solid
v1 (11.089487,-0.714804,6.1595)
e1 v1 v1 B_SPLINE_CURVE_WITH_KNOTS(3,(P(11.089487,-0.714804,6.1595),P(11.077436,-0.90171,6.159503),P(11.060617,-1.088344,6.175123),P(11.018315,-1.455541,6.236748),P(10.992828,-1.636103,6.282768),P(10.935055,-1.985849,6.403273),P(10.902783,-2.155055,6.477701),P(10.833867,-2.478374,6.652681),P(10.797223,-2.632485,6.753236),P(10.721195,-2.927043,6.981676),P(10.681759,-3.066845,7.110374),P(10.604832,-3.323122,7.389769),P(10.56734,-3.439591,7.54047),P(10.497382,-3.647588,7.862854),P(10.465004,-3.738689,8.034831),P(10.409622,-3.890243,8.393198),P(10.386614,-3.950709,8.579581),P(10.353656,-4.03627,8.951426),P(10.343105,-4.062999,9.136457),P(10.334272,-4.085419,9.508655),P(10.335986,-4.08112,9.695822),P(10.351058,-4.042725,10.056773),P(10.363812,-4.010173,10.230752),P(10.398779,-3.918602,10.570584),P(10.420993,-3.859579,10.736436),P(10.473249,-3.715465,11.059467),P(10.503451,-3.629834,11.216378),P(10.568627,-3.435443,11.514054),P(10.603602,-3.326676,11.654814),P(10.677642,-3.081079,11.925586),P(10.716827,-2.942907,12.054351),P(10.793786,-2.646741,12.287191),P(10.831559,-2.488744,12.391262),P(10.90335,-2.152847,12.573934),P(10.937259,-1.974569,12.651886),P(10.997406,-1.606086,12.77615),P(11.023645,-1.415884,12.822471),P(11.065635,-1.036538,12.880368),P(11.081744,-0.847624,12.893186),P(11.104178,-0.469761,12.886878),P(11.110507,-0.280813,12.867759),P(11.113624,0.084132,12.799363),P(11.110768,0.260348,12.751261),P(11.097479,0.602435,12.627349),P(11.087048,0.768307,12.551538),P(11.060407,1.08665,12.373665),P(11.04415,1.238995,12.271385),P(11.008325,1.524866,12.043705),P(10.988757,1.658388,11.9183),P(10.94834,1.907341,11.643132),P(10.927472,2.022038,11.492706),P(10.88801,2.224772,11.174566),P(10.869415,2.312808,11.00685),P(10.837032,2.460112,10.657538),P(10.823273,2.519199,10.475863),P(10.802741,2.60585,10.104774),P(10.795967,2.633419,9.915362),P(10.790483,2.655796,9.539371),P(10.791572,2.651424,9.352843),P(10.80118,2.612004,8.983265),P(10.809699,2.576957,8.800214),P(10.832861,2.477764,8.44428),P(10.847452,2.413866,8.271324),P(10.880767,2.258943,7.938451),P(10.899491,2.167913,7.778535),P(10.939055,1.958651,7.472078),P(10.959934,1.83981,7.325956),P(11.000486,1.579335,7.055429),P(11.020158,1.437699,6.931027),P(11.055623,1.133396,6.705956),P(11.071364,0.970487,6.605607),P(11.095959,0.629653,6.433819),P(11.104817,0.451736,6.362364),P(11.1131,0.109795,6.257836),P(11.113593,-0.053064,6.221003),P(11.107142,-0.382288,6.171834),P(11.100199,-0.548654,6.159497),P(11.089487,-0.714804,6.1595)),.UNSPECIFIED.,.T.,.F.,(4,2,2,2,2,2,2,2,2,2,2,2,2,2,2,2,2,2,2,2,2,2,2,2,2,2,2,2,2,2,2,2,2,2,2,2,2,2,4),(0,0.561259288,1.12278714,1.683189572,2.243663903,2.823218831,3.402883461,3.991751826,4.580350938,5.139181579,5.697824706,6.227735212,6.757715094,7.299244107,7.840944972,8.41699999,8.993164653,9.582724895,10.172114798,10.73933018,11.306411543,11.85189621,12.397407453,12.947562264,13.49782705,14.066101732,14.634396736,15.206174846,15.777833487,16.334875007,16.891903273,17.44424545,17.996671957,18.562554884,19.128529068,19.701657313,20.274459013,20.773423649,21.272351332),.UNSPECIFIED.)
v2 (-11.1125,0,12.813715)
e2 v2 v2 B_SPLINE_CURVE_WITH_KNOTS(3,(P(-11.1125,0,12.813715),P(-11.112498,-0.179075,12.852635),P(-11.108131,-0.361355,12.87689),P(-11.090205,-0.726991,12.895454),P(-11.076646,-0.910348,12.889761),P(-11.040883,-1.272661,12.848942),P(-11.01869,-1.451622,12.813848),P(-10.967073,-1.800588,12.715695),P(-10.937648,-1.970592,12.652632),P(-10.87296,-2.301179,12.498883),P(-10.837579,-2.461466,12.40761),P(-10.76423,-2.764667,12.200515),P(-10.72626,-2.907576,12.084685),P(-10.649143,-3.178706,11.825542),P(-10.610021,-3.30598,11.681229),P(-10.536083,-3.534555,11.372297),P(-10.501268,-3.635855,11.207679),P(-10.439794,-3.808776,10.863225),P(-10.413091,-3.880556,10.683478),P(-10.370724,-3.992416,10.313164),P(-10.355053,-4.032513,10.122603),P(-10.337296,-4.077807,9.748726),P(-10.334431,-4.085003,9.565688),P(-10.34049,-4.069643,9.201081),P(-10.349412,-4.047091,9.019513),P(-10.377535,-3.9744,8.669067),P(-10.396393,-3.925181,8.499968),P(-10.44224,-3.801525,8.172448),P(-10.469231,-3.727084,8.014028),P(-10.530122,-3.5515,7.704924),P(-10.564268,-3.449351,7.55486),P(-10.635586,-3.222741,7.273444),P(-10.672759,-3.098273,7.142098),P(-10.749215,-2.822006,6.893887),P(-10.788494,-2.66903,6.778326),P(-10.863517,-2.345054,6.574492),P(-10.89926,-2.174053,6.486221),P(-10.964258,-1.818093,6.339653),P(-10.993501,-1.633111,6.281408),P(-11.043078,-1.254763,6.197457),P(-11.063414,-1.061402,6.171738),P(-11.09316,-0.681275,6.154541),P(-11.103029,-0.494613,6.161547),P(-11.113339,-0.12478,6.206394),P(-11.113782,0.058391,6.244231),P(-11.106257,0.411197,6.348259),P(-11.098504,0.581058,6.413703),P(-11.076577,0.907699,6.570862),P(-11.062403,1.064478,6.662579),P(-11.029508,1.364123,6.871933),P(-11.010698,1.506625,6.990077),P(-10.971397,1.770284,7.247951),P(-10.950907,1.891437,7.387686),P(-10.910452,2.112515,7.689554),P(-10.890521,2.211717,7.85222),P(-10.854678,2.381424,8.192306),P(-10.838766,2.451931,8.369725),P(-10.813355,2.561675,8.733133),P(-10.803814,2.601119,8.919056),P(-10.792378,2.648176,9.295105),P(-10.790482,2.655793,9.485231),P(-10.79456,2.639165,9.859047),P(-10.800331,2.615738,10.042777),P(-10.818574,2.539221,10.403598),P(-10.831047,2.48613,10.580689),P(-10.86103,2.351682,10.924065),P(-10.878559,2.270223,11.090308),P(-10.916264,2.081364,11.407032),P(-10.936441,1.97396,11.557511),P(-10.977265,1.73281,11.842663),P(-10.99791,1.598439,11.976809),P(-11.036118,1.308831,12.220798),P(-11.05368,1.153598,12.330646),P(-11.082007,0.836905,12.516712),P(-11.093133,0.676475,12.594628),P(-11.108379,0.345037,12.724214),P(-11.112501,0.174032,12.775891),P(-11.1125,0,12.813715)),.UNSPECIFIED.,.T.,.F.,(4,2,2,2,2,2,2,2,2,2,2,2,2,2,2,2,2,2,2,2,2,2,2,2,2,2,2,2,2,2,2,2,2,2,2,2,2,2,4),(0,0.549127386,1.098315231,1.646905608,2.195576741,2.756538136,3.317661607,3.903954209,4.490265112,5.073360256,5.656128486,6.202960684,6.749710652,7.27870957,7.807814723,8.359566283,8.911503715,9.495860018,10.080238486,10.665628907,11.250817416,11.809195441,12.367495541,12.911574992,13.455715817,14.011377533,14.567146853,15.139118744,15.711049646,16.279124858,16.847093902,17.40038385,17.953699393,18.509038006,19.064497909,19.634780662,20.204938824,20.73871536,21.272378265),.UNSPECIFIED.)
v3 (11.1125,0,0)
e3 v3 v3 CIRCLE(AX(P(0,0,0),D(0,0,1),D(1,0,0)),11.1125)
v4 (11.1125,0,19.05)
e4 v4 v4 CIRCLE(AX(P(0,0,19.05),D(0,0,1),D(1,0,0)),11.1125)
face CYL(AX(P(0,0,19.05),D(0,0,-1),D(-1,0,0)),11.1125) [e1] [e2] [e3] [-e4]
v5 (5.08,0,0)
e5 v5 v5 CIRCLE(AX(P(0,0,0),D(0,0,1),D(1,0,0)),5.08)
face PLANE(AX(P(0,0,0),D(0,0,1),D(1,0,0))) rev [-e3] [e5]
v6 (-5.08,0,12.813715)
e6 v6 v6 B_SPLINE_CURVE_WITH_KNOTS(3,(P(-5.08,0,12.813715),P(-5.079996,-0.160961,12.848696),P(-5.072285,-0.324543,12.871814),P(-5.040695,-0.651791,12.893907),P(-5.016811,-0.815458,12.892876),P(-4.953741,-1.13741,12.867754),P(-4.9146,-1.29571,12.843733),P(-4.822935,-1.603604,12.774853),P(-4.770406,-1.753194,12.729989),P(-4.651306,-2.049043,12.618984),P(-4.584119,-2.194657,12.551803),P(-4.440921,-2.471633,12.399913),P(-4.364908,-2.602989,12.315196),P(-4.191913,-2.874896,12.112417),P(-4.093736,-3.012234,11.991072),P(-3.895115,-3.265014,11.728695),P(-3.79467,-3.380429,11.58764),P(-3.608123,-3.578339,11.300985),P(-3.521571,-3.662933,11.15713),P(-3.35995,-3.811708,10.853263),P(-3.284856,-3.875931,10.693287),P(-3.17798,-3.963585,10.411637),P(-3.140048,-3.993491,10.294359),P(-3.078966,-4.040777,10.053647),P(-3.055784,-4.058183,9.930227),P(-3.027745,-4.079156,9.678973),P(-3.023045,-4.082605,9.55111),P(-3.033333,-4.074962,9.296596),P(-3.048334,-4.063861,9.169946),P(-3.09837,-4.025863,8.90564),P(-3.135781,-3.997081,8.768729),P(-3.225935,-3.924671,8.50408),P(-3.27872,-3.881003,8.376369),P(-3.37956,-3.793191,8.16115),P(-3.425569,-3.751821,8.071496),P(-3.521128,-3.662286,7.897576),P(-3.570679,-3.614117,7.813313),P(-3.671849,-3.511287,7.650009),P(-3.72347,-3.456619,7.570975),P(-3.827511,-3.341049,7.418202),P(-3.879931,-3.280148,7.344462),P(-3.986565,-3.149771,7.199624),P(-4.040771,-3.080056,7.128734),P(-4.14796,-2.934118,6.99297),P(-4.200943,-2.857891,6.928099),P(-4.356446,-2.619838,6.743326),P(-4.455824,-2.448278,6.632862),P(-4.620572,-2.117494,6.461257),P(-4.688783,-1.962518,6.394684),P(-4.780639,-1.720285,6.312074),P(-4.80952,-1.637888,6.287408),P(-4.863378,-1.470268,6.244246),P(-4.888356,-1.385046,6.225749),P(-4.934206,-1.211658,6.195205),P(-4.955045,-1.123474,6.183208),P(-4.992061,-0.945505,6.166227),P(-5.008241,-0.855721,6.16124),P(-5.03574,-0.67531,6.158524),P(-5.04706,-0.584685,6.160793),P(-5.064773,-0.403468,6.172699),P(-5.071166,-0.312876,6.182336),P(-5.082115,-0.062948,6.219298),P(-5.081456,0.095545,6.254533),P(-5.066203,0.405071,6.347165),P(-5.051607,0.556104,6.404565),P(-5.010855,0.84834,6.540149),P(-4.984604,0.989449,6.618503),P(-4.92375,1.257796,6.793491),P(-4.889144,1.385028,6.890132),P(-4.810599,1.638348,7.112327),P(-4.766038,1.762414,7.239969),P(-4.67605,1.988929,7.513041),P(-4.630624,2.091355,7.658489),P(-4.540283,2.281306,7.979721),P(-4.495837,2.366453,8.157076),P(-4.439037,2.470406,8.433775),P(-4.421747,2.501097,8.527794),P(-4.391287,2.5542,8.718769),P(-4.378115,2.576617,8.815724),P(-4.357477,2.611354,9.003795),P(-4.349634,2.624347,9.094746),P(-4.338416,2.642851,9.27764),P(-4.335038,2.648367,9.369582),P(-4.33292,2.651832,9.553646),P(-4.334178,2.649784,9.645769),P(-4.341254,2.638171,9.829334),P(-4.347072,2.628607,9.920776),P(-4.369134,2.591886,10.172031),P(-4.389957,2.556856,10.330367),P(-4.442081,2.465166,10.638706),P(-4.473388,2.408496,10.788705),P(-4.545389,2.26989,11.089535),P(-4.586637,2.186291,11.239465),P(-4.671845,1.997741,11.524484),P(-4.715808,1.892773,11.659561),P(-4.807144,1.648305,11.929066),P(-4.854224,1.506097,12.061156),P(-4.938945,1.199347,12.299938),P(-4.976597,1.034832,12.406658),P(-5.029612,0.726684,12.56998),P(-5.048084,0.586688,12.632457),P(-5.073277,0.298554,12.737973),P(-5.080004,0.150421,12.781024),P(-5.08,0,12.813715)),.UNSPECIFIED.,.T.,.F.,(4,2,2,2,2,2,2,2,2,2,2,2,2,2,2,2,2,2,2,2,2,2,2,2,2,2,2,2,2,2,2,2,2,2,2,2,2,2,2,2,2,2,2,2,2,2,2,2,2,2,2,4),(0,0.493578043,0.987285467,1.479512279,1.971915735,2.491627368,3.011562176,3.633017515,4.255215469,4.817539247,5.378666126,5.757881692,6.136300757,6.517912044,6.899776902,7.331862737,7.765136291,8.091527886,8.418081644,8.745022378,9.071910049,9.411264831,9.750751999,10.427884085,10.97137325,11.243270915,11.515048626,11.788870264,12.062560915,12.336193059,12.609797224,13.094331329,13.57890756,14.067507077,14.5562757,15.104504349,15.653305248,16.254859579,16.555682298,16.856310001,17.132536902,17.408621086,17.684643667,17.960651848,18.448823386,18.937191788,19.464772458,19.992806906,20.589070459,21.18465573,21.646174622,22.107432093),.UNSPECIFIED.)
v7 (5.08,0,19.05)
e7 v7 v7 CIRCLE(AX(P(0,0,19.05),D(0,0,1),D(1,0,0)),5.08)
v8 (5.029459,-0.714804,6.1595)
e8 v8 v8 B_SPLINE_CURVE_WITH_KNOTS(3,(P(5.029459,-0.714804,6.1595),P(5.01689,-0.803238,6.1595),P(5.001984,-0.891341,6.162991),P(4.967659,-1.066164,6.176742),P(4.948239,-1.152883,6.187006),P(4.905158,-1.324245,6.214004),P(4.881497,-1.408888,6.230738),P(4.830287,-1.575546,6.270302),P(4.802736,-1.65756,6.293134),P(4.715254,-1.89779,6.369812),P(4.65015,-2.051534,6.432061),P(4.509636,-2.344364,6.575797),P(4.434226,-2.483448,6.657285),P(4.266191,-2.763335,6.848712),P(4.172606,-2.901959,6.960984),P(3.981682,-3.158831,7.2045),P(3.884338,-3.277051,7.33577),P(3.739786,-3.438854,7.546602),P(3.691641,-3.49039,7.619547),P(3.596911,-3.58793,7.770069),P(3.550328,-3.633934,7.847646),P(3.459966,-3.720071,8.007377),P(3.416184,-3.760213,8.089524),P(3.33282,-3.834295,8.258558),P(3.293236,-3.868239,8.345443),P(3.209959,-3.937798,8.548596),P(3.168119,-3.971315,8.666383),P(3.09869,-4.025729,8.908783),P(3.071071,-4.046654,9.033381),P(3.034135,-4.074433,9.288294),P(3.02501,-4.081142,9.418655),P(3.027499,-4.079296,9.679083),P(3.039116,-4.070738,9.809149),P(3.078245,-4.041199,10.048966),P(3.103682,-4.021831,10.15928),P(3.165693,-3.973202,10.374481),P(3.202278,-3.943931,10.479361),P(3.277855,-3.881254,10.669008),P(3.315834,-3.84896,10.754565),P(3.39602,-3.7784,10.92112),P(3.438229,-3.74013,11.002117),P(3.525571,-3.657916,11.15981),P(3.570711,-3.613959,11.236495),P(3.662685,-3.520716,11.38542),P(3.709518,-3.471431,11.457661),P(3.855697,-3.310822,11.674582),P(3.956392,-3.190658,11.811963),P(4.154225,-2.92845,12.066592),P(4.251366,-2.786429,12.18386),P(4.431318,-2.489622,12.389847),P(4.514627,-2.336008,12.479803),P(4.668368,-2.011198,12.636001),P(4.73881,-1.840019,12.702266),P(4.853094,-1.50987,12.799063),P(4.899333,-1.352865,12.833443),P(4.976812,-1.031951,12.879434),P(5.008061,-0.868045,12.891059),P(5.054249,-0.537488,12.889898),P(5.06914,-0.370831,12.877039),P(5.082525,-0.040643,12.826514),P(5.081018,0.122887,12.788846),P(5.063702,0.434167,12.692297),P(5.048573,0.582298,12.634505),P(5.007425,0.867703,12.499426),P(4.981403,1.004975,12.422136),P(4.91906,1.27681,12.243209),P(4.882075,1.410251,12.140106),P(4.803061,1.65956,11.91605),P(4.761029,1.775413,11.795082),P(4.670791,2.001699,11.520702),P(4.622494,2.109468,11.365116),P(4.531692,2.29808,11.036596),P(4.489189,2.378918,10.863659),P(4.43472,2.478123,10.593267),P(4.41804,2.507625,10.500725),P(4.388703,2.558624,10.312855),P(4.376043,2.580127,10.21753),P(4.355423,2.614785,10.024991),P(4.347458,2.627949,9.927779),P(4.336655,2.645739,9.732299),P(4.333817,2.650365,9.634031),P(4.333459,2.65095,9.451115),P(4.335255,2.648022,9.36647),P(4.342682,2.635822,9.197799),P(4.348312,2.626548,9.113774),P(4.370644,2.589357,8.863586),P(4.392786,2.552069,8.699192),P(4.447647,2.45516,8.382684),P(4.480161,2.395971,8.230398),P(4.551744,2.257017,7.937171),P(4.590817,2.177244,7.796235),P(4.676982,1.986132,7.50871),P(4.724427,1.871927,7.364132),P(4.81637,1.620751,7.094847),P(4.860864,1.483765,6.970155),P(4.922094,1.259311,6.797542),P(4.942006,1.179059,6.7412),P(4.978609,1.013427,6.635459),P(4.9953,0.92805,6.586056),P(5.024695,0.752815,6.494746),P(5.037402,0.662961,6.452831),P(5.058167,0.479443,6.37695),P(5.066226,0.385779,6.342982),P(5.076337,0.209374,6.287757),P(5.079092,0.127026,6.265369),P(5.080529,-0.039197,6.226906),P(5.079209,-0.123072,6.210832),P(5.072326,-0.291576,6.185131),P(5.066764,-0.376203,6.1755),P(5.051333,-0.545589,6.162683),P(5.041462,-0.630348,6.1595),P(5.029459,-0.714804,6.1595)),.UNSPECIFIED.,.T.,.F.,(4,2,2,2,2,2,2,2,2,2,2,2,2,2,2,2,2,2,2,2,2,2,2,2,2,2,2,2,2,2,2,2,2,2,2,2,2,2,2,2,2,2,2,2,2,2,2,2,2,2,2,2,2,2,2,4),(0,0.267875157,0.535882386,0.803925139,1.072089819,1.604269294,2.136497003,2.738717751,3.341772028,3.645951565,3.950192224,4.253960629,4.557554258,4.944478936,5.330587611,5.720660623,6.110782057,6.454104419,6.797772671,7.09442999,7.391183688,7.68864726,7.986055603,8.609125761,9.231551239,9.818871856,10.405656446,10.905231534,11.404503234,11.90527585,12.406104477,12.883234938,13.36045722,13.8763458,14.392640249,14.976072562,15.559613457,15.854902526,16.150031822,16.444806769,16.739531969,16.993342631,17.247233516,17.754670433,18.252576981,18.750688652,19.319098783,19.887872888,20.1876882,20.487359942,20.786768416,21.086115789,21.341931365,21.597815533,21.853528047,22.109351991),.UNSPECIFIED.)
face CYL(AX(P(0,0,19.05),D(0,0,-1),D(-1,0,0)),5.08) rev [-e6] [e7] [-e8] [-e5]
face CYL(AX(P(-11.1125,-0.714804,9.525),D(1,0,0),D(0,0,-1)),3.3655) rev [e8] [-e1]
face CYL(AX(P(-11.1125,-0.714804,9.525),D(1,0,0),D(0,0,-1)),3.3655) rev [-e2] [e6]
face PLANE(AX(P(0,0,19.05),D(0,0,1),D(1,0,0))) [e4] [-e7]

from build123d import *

# Parameters (mm, degrees)
SKETCH1_R               = 11.1125
SKETCH1_R_2             = 5.08
BOSS_EXTRUDE1_DEPTH     = 19.05
CUT_EXTRUDE3_DEPTH      = 25.695704333
CUT_EXTRUDE3_DEPTH_BACK = 25.695704333
SKETCH5_R               = 3.3655


with BuildPart() as part:
    # Sketch1 → Boss-Extrude1 (new body)
    with BuildSketch(Plane.XY):
        with Locations(Location((0, 0, 0), (0, 0, 180))):
            Circle(SKETCH1_R)
        with Locations(Location((0, 0, 0), (0, 0, 180))):
            Circle(SKETCH1_R_2, mode=Mode.SUBTRACT)
    extrude(amount=BOSS_EXTRUDE1_DEPTH)

    # Sketch5 → Cut-Extrude3 (cut, two sides: drawn at the far end of the back side and taken through both)
    with BuildSketch(Plane(origin=(0, 0, 0), x_dir=(0, 0, -1), z_dir=(1, 0, 0)).offset(-CUT_EXTRUDE3_DEPTH_BACK)):
        with Locations((-9.525, -0.714803546)):
            Circle(SKETCH5_R)
    extrude(amount=CUT_EXTRUDE3_DEPTH + CUT_EXTRUDE3_DEPTH_BACK, mode=Mode.SUBTRACT)


solid = part.part
